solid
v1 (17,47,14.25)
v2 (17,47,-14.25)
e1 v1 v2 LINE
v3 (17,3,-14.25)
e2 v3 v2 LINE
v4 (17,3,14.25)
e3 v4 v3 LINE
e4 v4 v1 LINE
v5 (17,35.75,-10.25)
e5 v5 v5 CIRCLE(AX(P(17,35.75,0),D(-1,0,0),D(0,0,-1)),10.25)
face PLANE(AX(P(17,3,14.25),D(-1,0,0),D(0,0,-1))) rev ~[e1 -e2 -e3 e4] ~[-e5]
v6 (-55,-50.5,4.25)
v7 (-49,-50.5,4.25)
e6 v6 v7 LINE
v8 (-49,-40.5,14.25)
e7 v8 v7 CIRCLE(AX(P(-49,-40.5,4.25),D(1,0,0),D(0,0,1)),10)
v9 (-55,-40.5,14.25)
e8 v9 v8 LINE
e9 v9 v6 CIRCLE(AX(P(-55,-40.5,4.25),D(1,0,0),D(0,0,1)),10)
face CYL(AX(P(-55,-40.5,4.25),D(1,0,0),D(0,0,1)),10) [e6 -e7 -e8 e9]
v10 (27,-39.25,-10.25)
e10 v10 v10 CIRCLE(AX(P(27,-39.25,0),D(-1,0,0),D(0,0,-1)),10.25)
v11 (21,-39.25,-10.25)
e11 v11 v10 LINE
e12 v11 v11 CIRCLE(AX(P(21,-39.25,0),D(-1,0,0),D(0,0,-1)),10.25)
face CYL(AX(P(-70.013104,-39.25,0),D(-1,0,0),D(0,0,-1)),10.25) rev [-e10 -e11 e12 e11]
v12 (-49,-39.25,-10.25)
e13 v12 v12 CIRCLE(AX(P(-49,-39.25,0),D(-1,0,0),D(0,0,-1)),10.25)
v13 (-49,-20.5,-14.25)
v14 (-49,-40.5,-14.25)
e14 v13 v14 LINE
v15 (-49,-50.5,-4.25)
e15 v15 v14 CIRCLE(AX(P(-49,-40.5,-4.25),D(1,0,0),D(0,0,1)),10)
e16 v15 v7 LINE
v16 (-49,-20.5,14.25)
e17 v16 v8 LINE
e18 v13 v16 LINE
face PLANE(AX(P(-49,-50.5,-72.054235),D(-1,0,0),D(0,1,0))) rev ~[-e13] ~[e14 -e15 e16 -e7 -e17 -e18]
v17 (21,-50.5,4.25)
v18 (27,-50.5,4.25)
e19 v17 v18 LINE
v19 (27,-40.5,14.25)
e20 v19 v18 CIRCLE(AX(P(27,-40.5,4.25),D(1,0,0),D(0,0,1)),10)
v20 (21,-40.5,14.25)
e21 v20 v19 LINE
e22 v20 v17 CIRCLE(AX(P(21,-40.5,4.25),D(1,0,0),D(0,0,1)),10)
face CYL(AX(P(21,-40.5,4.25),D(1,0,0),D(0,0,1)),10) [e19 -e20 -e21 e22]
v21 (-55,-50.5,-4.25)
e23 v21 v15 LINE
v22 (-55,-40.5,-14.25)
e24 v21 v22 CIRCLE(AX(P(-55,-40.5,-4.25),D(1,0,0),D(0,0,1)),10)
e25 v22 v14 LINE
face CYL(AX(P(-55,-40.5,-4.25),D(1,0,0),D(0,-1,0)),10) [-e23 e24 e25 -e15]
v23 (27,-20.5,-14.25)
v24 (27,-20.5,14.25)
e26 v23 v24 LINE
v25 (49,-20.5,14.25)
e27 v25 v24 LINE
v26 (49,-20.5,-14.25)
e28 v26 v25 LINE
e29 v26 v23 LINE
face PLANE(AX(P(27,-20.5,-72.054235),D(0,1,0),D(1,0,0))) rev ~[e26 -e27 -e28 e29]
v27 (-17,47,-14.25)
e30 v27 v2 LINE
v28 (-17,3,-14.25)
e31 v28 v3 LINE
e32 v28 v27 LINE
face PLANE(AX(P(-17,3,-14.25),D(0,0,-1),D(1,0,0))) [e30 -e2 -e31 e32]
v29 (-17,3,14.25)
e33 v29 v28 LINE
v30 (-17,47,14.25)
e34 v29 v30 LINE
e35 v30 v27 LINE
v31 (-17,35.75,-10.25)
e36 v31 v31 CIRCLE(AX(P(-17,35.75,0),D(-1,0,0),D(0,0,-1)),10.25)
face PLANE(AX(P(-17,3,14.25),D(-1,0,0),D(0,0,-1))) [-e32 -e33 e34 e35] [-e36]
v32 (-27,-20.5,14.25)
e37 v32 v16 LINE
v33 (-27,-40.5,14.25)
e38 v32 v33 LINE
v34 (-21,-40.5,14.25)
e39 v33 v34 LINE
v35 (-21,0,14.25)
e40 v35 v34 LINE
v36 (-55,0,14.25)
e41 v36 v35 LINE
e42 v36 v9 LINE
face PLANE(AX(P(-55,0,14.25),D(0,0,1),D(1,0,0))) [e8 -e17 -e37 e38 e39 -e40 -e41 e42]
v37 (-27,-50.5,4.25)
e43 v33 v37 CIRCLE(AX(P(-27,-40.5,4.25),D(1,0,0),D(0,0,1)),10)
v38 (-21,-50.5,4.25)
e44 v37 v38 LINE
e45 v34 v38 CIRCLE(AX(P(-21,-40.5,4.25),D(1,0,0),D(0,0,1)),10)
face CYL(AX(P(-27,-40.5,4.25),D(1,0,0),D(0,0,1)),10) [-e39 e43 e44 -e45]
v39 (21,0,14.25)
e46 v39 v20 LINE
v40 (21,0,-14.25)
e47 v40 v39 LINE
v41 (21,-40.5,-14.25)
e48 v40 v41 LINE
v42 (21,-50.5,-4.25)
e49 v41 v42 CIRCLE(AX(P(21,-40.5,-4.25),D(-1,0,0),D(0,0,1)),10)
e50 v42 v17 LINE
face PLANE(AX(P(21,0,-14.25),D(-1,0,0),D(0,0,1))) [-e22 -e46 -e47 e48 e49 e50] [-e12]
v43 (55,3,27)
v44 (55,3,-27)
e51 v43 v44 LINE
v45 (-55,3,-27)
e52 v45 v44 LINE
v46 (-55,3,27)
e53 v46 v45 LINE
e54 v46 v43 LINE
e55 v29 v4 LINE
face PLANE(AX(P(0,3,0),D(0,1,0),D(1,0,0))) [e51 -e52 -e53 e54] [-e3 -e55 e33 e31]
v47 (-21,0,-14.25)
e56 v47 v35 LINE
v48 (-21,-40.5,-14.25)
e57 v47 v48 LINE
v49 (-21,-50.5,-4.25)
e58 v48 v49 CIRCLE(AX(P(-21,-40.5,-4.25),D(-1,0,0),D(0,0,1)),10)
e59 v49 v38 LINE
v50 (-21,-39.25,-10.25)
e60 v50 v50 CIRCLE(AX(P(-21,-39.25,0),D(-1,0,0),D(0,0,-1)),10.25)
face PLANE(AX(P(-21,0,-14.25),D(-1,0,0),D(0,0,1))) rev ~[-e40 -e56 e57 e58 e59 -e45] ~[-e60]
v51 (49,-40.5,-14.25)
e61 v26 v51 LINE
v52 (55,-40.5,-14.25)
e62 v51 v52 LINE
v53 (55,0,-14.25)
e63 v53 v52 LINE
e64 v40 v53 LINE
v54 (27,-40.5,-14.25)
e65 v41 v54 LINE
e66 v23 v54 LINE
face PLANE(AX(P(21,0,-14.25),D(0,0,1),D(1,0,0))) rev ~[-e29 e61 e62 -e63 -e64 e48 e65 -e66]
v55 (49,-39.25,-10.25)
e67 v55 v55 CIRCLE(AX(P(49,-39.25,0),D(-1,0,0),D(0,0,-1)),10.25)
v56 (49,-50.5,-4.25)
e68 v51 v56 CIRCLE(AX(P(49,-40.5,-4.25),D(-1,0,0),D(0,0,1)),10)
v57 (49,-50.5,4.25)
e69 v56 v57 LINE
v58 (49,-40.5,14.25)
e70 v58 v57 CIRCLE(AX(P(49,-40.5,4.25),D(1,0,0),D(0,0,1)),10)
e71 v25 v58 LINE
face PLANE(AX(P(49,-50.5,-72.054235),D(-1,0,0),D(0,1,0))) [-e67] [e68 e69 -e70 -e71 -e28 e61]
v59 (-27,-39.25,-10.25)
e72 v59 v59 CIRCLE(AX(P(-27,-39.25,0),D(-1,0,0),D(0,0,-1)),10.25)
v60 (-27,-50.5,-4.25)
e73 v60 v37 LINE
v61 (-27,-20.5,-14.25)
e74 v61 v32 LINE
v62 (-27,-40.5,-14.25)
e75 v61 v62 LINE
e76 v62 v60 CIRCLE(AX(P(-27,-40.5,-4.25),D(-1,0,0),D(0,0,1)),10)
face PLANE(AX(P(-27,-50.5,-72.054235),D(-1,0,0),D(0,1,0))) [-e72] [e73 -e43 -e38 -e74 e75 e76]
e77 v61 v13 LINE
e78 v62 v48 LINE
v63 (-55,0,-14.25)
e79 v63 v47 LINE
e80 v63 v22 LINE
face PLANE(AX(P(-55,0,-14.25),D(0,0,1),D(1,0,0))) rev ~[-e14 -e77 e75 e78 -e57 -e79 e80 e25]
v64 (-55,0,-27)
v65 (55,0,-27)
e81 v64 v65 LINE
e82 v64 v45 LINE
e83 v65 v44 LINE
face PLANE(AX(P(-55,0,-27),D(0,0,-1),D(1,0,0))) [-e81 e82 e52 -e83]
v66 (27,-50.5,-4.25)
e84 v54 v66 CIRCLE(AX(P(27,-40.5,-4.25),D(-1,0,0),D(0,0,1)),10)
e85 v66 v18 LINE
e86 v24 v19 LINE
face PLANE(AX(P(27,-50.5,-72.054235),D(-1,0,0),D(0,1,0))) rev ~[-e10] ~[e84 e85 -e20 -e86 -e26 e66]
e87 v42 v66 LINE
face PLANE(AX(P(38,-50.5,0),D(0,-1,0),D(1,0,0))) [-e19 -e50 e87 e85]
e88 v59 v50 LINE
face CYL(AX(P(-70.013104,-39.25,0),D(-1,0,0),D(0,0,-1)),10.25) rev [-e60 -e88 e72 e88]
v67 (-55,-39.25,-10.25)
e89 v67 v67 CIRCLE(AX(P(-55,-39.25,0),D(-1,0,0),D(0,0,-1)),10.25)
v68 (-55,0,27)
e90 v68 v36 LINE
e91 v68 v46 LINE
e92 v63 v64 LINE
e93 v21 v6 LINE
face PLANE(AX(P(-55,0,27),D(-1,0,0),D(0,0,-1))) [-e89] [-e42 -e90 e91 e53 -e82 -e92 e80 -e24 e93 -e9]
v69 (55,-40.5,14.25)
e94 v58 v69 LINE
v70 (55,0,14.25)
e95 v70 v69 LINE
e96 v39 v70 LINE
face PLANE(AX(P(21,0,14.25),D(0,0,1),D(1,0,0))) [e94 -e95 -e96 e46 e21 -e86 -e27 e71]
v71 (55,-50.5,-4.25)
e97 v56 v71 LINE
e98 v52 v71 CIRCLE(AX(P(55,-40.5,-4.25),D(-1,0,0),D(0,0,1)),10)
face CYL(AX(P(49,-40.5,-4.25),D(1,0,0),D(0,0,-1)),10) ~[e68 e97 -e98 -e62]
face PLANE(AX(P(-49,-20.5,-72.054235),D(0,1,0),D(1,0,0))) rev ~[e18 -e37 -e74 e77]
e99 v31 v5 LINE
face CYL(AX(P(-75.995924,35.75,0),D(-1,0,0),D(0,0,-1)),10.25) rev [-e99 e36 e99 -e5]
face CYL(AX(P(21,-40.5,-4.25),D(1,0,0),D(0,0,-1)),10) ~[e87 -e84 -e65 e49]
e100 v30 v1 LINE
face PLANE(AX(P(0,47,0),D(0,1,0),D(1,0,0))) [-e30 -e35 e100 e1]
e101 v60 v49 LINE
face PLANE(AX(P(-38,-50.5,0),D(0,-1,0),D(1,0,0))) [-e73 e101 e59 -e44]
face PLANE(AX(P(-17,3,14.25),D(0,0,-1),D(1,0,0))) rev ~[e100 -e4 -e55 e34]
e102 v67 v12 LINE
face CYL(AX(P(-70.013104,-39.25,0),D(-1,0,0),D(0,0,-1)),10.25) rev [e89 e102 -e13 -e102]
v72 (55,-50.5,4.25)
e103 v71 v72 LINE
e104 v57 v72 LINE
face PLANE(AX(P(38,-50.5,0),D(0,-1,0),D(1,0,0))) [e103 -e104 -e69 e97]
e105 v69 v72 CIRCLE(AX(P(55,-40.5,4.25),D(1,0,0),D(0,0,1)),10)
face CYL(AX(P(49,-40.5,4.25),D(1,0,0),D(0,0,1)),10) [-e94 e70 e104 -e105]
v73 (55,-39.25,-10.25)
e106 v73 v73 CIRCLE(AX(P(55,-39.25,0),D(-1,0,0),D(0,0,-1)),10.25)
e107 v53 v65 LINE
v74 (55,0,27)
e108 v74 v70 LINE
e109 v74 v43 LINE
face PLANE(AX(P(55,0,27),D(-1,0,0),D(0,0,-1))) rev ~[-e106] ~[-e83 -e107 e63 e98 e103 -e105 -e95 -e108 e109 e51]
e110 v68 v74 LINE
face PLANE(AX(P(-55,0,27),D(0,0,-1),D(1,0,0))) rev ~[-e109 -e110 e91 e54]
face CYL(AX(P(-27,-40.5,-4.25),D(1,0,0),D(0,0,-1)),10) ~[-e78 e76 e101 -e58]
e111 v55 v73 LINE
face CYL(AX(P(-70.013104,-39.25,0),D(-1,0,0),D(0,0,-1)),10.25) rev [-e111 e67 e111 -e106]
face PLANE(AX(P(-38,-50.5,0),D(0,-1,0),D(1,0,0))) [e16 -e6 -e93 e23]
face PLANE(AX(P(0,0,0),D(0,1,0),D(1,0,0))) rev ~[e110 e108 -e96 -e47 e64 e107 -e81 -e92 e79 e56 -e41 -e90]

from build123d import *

# Parameters (mm, degrees)
SKETCH1_W               = 110
SKETCH1_H               = 54
BOSS_EXTRUDE1_DEPTH     = 3
SKETCH2_W               = 34
SKETCH2_H               = 28.5
BOSS_EXTRUDE2_DEPTH     = 50.5
CUT_EXTRUDE1_DEPTH      = 125.013104146
CUT_EXTRUDE1_DEPTH_BACK = 125.013104146
SKETCH3_R               = 10.25
CUT_EXTRUDE2_DEPTH      = 86.304234948
CUT_EXTRUDE2_DEPTH_BACK = 86.304234948
SKETCH4_W               = 22
SKETCH4_H               = 30
FILLET1_R               = 10
SKETCH5_W               = 34
SKETCH5_H               = 28.5
BOSS_EXTRUDE3_DEPTH     = 44
CUT_EXTRUDE3_DEPTH      = 92.995923823
CUT_EXTRUDE3_DEPTH_BACK = 92.995923823
SKETCH6_R               = 10.25


with BuildPart() as part:
    # Sketch1 → Boss-Extrude1 (new body)
    with BuildSketch(Plane(origin=(0, 0, 0), x_dir=(1, 0, 0), z_dir=(0, 1, 0))):
        Rectangle(SKETCH1_W, SKETCH1_H)
    extrude(amount=BOSS_EXTRUDE1_DEPTH)

    # Sketch2 → Boss-Extrude2 (add)
    with BuildSketch(Plane.XZ):
        with Locations((38, 0)):
            Rectangle(SKETCH2_W, SKETCH2_H)
        with Locations((-38, 0)):
            Rectangle(SKETCH2_W, SKETCH2_H)
    extrude(amount=BOSS_EXTRUDE2_DEPTH)

    # Sketch3 → Cut-Extrude1 (cut, two sides: drawn at the far end of the back side and taken through both)
    with BuildSketch(Plane(origin=(55, 0, 0), x_dir=(0, 0, -1), z_dir=(1, 0, 0)).offset(-CUT_EXTRUDE1_DEPTH_BACK)):
        with Locations((0, -39.25)):
            Circle(SKETCH3_R)
    extrude(amount=CUT_EXTRUDE1_DEPTH + CUT_EXTRUDE1_DEPTH_BACK, mode=Mode.SUBTRACT)

    # Sketch4 → Cut-Extrude2 (cut, two sides: drawn at the far end of the back side and taken through both)
    with BuildSketch(Plane.XY.offset(14.25).offset(-CUT_EXTRUDE2_DEPTH_BACK)):
        with Locations((38, -35.5)):
            Rectangle(SKETCH4_W, SKETCH4_H)
        with Locations((-38, -35.5)):
            Rectangle(SKETCH4_W, SKETCH4_H)
    extrude(amount=CUT_EXTRUDE2_DEPTH + CUT_EXTRUDE2_DEPTH_BACK, mode=Mode.SUBTRACT)

    # Fillet1
    fillet1_edges = [part.edges().sort_by_distance(p)[0] for p in [
        (52, -50.5, 14.25),
        (24, -50.5, -14.25),
        (-24, -50.5, 14.25),
        (-52, -50.5, -14.25),
        (-52, -50.5, 14.25),
        (-24, -50.5, -14.25),
        (24, -50.5, 14.25),
        (52, -50.5, -14.25),
    ]]
    fillet(fillet1_edges, radius=FILLET1_R)

    # Sketch5 → Boss-Extrude3 (add)
    with BuildSketch(Plane(origin=(0, 3, 0), x_dir=(1, 0, 0), z_dir=(0, 1, 0))):
        Rectangle(SKETCH5_W, SKETCH5_H)
    extrude(amount=BOSS_EXTRUDE3_DEPTH)

    # Sketch6 → Cut-Extrude3 (cut, two sides: drawn at the far end of the back side and taken through both)
    with BuildSketch(Plane(origin=(17, 0, 0), x_dir=(0, 0, -1), z_dir=(1, 0, 0)).offset(-CUT_EXTRUDE3_DEPTH_BACK)):
        with Locations((0, 35.75)):
            Circle(SKETCH6_R)
    extrude(amount=CUT_EXTRUDE3_DEPTH + CUT_EXTRUDE3_DEPTH_BACK, mode=Mode.SUBTRACT)


solid = part.part
